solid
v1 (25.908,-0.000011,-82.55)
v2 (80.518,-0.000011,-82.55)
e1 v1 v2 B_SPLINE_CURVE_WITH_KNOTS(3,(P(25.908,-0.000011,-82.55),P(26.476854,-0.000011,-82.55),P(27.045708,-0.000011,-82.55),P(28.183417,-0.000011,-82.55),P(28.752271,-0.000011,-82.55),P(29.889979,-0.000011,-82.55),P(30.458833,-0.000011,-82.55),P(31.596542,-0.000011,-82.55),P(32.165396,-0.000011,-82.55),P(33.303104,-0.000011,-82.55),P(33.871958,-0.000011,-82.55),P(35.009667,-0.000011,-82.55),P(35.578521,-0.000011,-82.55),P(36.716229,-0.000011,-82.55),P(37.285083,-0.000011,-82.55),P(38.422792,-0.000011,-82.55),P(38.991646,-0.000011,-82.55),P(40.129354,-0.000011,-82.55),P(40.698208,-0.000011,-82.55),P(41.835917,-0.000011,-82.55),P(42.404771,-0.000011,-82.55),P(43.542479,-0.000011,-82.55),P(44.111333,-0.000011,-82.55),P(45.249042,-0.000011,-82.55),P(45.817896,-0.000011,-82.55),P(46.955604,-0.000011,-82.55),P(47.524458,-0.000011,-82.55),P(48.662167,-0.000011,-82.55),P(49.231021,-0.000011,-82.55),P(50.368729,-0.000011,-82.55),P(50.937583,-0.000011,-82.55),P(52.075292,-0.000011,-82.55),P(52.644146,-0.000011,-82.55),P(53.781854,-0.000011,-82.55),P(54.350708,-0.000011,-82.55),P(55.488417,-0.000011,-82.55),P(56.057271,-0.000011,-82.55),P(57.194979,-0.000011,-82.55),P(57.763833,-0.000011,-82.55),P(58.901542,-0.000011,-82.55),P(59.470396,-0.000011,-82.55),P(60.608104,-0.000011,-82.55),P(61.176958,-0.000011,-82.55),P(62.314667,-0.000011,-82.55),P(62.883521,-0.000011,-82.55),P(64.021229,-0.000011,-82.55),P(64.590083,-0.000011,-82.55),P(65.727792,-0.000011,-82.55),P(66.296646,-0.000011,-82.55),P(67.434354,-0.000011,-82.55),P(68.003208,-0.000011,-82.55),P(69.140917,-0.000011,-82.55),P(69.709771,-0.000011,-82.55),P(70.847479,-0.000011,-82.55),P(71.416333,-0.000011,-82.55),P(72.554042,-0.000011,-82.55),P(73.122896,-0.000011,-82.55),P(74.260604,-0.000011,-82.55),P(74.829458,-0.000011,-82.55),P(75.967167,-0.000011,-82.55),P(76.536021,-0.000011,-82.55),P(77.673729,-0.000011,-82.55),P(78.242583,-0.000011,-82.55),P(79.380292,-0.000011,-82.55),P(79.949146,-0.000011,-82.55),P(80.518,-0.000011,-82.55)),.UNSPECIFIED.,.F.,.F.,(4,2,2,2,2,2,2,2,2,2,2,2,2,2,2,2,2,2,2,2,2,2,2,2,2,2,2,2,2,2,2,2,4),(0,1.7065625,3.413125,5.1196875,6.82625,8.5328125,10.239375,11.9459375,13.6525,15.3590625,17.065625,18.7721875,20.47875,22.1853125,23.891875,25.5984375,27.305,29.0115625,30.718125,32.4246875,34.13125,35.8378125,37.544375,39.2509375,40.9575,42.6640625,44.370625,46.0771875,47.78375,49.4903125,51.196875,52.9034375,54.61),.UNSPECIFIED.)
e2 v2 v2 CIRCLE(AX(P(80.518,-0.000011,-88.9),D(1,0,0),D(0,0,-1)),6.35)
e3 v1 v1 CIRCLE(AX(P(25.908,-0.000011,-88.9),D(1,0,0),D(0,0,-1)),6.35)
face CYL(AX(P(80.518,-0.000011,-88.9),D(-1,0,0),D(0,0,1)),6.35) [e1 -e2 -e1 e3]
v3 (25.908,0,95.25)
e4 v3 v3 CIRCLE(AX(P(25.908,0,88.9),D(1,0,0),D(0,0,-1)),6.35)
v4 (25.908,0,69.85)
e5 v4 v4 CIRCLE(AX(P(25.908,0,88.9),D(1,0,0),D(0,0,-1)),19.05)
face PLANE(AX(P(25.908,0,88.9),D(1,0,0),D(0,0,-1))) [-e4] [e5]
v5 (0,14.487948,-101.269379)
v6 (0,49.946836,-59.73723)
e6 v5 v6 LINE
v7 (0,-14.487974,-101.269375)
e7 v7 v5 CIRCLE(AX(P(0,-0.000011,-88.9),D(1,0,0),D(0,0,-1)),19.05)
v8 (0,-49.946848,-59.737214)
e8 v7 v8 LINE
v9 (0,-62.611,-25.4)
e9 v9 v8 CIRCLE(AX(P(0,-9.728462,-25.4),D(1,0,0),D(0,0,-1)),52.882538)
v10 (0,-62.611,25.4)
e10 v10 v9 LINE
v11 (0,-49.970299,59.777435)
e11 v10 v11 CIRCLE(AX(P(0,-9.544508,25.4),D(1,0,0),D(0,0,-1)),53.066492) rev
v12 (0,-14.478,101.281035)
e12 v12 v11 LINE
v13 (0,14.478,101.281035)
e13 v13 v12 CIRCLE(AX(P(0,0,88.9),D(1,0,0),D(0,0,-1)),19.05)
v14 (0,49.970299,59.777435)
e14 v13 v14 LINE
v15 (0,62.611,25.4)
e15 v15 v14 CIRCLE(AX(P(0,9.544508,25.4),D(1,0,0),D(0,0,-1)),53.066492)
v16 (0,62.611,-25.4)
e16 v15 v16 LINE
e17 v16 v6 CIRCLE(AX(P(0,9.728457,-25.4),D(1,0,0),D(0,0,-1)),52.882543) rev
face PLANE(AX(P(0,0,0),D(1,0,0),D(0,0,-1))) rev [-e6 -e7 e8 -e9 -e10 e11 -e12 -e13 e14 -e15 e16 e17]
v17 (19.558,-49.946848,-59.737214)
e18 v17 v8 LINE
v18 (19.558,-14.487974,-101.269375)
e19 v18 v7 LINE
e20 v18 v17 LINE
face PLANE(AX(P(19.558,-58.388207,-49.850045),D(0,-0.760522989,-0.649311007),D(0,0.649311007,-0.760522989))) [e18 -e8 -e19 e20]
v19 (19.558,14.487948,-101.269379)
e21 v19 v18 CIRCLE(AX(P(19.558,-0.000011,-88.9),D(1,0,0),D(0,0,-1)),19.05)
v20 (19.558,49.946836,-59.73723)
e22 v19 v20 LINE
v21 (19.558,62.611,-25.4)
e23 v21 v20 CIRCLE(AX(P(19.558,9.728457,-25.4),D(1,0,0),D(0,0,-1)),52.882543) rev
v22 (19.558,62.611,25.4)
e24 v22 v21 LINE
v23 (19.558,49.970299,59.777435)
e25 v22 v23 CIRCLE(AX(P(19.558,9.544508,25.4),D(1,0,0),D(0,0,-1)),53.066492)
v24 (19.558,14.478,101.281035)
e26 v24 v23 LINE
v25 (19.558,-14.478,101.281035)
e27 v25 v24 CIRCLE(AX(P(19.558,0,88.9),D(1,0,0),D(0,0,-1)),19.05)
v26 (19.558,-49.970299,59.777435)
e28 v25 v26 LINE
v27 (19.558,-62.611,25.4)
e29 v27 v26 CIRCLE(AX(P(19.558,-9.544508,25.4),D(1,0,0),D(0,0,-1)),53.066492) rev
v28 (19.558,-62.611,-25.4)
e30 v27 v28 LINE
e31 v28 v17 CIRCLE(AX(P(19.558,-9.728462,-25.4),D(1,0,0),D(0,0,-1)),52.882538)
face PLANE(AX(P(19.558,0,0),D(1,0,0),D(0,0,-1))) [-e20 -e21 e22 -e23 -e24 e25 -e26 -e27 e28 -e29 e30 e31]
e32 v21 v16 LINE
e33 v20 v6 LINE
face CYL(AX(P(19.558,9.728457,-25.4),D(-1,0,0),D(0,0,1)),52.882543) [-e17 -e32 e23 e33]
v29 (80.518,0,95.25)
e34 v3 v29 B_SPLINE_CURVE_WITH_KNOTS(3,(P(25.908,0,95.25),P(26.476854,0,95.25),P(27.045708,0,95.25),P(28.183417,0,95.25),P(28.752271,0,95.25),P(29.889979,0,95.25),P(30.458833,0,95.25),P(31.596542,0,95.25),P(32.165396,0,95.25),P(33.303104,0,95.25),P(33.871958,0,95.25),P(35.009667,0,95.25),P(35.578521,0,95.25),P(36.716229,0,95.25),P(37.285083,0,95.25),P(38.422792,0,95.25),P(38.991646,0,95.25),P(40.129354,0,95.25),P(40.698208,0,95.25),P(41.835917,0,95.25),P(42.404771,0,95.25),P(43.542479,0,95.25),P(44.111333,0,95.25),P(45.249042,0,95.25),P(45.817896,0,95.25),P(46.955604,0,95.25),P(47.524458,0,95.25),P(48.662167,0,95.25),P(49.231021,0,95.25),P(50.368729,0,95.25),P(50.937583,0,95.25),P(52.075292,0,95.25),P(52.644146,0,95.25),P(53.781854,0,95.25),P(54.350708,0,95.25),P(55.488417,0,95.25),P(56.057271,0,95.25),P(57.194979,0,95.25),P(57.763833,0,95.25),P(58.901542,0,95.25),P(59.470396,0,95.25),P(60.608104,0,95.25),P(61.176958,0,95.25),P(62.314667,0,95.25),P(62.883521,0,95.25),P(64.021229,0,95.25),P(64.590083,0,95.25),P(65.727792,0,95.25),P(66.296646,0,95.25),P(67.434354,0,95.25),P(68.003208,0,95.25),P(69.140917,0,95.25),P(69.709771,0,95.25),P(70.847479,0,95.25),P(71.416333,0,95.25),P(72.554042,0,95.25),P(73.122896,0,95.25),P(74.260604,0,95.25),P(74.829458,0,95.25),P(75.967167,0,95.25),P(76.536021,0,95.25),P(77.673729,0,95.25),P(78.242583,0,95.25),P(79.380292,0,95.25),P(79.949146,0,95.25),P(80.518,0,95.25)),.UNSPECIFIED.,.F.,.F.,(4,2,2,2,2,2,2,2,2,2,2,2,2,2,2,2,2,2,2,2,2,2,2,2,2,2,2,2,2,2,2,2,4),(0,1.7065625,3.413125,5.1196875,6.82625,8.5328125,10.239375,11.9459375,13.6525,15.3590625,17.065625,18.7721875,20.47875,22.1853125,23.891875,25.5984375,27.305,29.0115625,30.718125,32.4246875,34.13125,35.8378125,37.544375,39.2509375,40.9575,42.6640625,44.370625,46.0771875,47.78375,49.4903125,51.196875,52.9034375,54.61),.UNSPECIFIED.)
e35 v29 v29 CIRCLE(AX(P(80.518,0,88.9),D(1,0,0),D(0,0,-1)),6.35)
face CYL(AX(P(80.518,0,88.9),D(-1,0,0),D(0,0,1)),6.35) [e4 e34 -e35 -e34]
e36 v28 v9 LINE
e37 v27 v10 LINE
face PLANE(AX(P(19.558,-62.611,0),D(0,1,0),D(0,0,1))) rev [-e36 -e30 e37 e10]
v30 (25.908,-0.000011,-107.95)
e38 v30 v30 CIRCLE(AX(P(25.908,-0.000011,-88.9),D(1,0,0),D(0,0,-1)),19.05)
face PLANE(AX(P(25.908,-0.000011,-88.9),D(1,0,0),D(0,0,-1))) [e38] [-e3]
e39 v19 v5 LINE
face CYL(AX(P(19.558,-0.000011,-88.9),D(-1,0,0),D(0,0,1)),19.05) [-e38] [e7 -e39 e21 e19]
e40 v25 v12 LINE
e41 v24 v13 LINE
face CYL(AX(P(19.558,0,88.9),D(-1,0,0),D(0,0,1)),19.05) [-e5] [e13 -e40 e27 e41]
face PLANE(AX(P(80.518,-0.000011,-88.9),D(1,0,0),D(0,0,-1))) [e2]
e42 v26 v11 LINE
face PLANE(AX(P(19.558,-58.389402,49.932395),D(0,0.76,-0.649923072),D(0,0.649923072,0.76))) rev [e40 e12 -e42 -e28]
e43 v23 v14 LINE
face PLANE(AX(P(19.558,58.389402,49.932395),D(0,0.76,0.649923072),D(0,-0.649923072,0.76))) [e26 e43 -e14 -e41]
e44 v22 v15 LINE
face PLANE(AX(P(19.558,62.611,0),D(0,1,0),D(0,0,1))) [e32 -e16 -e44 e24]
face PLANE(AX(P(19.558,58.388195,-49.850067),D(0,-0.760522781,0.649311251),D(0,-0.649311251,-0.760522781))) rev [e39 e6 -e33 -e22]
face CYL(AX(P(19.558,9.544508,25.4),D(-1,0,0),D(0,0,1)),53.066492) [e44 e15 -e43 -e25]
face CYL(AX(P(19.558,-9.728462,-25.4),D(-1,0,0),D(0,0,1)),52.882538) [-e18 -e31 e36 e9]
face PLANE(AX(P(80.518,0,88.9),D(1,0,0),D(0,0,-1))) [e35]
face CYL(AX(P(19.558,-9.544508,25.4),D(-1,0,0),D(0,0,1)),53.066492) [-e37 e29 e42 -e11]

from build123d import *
from build123d.topology import SkipClean

# Parameters (mm, degrees)
SKETCH1_R           = 19.05
BOSS_EXTRUDE1_DEPTH = 19.558
SKETCH2_R           = 6.35
BOSS_EXTRUDE2_DEPTH = 60.96
SKETCH3_R           = 19.05
BOSS_EXTRUDE3_DEPTH = 6.35


with BuildPart() as part:
    # Sketch1 → Boss-Extrude1 (new body)
    with BuildSketch(Plane(origin=(0, 0, 0), x_dir=(0, 0, -1), z_dir=(1, 0, 0))):
        with BuildLine():
            Line((25.4, 62.611), (-25.4, 62.611))
            ThreePointArc((-25.4, 62.611), (-43.71389723, 59.350669702), (-59.777434529, 49.970298982))
            Line((-59.777434529, 49.970298982), (-101.281034529, 14.478))
            ThreePointArc((-101.281034529, 14.478), (-80.929937509, 17.302618411), (-69.85, 0))
            ThreePointArc((-69.85, 0), (-80.929937509, -17.302618411), (-101.281034529, -14.478))
            Line((-101.281034529, -14.478), (-59.777434529, -49.970298982))
            ThreePointArc((-59.777434529, -49.970298982), (-43.71389723, -59.350669702), (-25.4, -62.611))
            Line((-25.4, -62.611), (25.4, -62.611))
            ThreePointArc((25.4, -62.611), (43.699078076, -59.34404997), (59.737214243, -49.946847768))
            Line((59.737214243, -49.946847768), (101.269374674, -14.487973703))
            ThreePointArc((101.269374674, -14.487973703), (69.85, -7.706e-06), (101.269379322, 14.48794821))
            Line((101.269379322, 14.48794821), (59.737230268, 49.9468356))
            ThreePointArc((59.737230268, 49.9468356), (43.699087699, 59.344046737), (25.4, 62.611))
        make_face()
        with Locations((88.9, -1.0762e-05)):
            Circle(SKETCH1_R)
        with Locations((-88.9, 0)):
            Circle(SKETCH1_R)
    extrude(amount=BOSS_EXTRUDE1_DEPTH)

    # Sketch2 → Boss-Extrude2 (add)
    with BuildSketch(Plane(origin=(19.558, 0, 0), x_dir=(0, 0, -1), z_dir=(1, 0, 0))):
        with Locations(Location((-88.9, 0, 0), (0, 0, 180))):
            Circle(SKETCH2_R)
        with Locations(Location((88.9, -1.0762e-05, 0), (0, 0, 180))):
            Circle(SKETCH2_R)
    extrude(amount=BOSS_EXTRUDE2_DEPTH)

    # Sketch3 → Boss-Extrude3 (add)
    with SkipClean():  # the faces are left unmerged after this step: merging them gives an invalid solid
        with BuildSketch(Plane(origin=(19.558, 0, 0), x_dir=(0, 0, -1), z_dir=(1, 0, 0))):
            with Locations(Location((-88.9, 0, 0), (0, 0, 130.535802111))):
                Circle(SKETCH3_R)
            with Locations(Location((88.9, -1.0762e-05, 0), (0, 0, 310.489674839))):
                Circle(SKETCH3_R)
        extrude(amount=BOSS_EXTRUDE3_DEPTH)


solid = part.part
